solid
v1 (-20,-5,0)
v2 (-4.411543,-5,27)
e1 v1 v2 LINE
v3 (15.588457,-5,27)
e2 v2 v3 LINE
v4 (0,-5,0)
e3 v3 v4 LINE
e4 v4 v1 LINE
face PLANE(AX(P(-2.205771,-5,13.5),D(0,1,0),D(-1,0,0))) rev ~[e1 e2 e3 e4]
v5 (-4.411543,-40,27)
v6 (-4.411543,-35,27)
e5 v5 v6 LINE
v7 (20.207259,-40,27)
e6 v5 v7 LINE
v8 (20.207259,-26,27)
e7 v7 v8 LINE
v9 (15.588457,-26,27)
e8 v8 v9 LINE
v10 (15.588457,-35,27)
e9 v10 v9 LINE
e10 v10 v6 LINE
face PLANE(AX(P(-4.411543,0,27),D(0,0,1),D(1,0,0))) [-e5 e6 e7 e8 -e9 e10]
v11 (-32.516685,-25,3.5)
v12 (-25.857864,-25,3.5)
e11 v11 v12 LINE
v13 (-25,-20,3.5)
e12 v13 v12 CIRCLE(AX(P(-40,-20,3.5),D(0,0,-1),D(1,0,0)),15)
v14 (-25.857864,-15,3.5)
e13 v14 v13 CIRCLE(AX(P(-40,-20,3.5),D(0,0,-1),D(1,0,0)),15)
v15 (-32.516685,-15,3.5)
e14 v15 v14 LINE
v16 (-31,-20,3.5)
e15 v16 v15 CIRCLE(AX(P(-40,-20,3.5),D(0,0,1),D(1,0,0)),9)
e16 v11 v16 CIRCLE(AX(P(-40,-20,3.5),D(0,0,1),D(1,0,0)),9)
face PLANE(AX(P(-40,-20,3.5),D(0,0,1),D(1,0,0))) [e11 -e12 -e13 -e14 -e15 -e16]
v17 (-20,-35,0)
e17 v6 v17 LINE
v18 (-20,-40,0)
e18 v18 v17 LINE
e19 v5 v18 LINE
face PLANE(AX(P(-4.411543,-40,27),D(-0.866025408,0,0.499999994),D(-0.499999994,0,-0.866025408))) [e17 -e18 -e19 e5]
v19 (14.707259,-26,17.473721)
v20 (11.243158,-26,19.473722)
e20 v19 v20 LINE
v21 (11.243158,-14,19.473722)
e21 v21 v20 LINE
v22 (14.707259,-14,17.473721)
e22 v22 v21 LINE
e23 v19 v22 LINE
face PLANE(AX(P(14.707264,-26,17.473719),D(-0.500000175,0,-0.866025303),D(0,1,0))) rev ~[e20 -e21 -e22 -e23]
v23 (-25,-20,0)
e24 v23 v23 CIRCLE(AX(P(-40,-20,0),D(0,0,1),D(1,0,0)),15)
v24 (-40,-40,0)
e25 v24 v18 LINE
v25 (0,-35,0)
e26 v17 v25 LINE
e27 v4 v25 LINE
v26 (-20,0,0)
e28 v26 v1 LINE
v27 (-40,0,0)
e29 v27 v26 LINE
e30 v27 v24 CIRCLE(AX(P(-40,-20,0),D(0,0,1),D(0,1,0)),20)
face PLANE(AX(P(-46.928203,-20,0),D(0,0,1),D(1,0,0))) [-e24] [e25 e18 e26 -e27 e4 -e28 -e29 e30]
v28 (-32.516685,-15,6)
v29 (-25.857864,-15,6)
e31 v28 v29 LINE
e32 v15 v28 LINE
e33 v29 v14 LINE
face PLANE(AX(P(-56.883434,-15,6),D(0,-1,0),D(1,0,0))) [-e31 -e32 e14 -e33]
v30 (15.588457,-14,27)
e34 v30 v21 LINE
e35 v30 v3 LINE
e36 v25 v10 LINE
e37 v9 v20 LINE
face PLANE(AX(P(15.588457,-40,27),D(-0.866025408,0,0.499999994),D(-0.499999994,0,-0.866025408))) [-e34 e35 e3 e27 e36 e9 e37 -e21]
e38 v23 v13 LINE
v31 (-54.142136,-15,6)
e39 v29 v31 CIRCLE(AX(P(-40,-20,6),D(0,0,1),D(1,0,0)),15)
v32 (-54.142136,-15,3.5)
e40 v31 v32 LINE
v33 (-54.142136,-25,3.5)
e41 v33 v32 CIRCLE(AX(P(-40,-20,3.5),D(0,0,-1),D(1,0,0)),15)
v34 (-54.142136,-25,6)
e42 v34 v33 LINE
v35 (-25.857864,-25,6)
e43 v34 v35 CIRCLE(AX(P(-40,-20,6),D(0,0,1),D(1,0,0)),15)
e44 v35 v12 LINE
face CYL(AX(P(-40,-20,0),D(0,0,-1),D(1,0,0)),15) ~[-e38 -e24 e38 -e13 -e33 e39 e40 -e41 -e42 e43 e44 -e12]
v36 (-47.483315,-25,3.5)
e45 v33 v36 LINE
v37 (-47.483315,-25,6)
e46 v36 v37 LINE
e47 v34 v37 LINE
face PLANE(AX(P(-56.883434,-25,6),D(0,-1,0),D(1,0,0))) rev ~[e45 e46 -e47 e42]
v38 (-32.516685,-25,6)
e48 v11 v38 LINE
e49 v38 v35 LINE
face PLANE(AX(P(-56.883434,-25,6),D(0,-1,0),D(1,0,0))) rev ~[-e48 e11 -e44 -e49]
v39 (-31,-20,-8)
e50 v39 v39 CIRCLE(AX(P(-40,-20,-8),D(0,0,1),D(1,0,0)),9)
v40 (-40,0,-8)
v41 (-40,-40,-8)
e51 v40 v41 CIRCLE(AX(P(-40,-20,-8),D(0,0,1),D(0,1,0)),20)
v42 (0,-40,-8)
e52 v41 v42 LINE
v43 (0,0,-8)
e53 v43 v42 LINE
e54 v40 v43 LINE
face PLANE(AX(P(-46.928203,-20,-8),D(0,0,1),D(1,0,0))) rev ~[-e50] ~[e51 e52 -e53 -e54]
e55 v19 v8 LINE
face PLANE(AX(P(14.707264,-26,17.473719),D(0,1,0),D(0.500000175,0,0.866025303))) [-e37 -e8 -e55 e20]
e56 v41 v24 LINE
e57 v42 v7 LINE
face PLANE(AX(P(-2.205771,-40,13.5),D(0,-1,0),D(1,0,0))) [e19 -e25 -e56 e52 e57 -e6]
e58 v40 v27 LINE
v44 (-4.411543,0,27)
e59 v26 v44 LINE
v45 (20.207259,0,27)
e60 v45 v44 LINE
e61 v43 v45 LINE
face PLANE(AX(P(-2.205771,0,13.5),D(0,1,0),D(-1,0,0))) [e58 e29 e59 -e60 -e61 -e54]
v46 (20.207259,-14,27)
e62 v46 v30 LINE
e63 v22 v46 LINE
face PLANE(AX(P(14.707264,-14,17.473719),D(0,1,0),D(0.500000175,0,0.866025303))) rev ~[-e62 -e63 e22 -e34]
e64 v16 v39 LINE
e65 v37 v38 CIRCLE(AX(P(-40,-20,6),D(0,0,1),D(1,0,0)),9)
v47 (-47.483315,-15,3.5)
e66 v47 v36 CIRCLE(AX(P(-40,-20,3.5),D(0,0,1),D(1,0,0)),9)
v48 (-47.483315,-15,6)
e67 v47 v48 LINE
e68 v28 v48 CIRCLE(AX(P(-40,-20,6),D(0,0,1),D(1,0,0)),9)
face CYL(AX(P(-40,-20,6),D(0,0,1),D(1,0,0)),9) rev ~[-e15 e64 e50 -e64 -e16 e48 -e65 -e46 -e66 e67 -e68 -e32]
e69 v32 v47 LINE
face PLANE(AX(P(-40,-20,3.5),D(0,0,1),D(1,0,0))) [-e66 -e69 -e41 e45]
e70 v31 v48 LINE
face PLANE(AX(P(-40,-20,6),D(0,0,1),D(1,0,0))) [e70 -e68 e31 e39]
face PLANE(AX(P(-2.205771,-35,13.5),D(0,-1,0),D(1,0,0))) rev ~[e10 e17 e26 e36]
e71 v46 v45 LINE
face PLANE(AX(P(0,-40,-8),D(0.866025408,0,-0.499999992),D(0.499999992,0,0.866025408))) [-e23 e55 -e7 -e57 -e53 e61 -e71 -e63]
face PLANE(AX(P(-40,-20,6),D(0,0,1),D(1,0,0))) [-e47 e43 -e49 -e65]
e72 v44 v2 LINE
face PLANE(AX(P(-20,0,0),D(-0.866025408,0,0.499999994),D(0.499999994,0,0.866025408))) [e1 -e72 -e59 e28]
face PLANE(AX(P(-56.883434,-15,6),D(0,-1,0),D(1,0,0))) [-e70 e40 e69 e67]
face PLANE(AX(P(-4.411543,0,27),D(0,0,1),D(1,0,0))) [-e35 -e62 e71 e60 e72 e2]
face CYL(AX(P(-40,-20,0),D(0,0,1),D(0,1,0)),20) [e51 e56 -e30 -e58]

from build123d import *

# Parameters (mm, degrees)
F0_W      = 40
F0_H      = 8
F1_DEPTH  = 40
F3_DEPTH  = 8
F4_R      = 15
F5_DEPTH  = 6
F6_R      = 9
F7_DEPTH  = 14.001
F8_W      = 33.766868
F8_H      = 10
F9_DEPTH  = 2.5
F11_DEPTH = 40
F13_DEPTH = 5
F15_DEPTH = 5
F16_W     = 12
F16_H     = 11
F17_DEPTH = 5


with BuildPart() as f1:
    # F0 (on Front) → F1 (new body)
    with BuildSketch(Plane.XZ):
        with Locations((-20, -4)):
            Rectangle(F0_W, F0_H)
    extrude(amount=F1_DEPTH)

    # F2 (on face) → F3 (join)
    with BuildSketch(Plane.XY):
        with BuildLine():
            Line((-40, -40), (-40, 0))
            ThreePointArc((-40, 0), (-60, -20), (-40, -40))
        make_face()
    extrude(amount=-F3_DEPTH)

    # F4 (on face) → F5 (join)
    with BuildSketch(Plane.XY):
        with Locations((-40, -20)):
            Circle(F4_R)
    extrude(amount=F5_DEPTH)

    # F6 (on face) → F7 (cut, through all)
    with BuildSketch(Plane.XY.offset(6)):
        with Locations((-40, -20)):
            Circle(F6_R)
    extrude(amount=-F7_DEPTH, mode=Mode.SUBTRACT)

    # F8 (on face) → F9 (cut)
    with BuildSketch(Plane.XY.offset(6)):
        with Locations((-40, -20)):
            Rectangle(F8_W, F8_H)
    extrude(amount=-F9_DEPTH, mode=Mode.SUBTRACT)

    # F10 (on face) → F11 (join)
    with BuildSketch(Plane.XZ.offset(40)):
        Polygon((0, 0), (0, -8), (20.207259, 27), (15.588457, 27), align=None)
    extrude(amount=-F11_DEPTH)

    # F12 (on face) → F13 (join)
    with BuildSketch(Plane.XZ.offset(40)):
        Polygon((-4.411543, 27), (-20, 0), (0, 0), (15.588457, 27), align=None)
    extrude(amount=-F13_DEPTH)

    # F14 (on face) → F15 (join)
    with BuildSketch(Plane(origin=(0, 0, 0), x_dir=(-1, 0, 0), z_dir=(0, 1, 0))):
        Polygon((0, 0), (20, 0), (4.411543, 27), (-15.588457, 27), align=None)
    extrude(amount=-F15_DEPTH)

    # F16 (on face) → F17 (cut)
    with BuildSketch(Plane(origin=(3.464102, 0, -2), x_dir=(0, 1, 0), z_dir=(0.866025, 0, -0.5))):
        with Locations((-20, 27.986316)):
            Rectangle(F16_W, F16_H)
    extrude(amount=-F17_DEPTH, mode=Mode.SUBTRACT)


solid = f1.part
